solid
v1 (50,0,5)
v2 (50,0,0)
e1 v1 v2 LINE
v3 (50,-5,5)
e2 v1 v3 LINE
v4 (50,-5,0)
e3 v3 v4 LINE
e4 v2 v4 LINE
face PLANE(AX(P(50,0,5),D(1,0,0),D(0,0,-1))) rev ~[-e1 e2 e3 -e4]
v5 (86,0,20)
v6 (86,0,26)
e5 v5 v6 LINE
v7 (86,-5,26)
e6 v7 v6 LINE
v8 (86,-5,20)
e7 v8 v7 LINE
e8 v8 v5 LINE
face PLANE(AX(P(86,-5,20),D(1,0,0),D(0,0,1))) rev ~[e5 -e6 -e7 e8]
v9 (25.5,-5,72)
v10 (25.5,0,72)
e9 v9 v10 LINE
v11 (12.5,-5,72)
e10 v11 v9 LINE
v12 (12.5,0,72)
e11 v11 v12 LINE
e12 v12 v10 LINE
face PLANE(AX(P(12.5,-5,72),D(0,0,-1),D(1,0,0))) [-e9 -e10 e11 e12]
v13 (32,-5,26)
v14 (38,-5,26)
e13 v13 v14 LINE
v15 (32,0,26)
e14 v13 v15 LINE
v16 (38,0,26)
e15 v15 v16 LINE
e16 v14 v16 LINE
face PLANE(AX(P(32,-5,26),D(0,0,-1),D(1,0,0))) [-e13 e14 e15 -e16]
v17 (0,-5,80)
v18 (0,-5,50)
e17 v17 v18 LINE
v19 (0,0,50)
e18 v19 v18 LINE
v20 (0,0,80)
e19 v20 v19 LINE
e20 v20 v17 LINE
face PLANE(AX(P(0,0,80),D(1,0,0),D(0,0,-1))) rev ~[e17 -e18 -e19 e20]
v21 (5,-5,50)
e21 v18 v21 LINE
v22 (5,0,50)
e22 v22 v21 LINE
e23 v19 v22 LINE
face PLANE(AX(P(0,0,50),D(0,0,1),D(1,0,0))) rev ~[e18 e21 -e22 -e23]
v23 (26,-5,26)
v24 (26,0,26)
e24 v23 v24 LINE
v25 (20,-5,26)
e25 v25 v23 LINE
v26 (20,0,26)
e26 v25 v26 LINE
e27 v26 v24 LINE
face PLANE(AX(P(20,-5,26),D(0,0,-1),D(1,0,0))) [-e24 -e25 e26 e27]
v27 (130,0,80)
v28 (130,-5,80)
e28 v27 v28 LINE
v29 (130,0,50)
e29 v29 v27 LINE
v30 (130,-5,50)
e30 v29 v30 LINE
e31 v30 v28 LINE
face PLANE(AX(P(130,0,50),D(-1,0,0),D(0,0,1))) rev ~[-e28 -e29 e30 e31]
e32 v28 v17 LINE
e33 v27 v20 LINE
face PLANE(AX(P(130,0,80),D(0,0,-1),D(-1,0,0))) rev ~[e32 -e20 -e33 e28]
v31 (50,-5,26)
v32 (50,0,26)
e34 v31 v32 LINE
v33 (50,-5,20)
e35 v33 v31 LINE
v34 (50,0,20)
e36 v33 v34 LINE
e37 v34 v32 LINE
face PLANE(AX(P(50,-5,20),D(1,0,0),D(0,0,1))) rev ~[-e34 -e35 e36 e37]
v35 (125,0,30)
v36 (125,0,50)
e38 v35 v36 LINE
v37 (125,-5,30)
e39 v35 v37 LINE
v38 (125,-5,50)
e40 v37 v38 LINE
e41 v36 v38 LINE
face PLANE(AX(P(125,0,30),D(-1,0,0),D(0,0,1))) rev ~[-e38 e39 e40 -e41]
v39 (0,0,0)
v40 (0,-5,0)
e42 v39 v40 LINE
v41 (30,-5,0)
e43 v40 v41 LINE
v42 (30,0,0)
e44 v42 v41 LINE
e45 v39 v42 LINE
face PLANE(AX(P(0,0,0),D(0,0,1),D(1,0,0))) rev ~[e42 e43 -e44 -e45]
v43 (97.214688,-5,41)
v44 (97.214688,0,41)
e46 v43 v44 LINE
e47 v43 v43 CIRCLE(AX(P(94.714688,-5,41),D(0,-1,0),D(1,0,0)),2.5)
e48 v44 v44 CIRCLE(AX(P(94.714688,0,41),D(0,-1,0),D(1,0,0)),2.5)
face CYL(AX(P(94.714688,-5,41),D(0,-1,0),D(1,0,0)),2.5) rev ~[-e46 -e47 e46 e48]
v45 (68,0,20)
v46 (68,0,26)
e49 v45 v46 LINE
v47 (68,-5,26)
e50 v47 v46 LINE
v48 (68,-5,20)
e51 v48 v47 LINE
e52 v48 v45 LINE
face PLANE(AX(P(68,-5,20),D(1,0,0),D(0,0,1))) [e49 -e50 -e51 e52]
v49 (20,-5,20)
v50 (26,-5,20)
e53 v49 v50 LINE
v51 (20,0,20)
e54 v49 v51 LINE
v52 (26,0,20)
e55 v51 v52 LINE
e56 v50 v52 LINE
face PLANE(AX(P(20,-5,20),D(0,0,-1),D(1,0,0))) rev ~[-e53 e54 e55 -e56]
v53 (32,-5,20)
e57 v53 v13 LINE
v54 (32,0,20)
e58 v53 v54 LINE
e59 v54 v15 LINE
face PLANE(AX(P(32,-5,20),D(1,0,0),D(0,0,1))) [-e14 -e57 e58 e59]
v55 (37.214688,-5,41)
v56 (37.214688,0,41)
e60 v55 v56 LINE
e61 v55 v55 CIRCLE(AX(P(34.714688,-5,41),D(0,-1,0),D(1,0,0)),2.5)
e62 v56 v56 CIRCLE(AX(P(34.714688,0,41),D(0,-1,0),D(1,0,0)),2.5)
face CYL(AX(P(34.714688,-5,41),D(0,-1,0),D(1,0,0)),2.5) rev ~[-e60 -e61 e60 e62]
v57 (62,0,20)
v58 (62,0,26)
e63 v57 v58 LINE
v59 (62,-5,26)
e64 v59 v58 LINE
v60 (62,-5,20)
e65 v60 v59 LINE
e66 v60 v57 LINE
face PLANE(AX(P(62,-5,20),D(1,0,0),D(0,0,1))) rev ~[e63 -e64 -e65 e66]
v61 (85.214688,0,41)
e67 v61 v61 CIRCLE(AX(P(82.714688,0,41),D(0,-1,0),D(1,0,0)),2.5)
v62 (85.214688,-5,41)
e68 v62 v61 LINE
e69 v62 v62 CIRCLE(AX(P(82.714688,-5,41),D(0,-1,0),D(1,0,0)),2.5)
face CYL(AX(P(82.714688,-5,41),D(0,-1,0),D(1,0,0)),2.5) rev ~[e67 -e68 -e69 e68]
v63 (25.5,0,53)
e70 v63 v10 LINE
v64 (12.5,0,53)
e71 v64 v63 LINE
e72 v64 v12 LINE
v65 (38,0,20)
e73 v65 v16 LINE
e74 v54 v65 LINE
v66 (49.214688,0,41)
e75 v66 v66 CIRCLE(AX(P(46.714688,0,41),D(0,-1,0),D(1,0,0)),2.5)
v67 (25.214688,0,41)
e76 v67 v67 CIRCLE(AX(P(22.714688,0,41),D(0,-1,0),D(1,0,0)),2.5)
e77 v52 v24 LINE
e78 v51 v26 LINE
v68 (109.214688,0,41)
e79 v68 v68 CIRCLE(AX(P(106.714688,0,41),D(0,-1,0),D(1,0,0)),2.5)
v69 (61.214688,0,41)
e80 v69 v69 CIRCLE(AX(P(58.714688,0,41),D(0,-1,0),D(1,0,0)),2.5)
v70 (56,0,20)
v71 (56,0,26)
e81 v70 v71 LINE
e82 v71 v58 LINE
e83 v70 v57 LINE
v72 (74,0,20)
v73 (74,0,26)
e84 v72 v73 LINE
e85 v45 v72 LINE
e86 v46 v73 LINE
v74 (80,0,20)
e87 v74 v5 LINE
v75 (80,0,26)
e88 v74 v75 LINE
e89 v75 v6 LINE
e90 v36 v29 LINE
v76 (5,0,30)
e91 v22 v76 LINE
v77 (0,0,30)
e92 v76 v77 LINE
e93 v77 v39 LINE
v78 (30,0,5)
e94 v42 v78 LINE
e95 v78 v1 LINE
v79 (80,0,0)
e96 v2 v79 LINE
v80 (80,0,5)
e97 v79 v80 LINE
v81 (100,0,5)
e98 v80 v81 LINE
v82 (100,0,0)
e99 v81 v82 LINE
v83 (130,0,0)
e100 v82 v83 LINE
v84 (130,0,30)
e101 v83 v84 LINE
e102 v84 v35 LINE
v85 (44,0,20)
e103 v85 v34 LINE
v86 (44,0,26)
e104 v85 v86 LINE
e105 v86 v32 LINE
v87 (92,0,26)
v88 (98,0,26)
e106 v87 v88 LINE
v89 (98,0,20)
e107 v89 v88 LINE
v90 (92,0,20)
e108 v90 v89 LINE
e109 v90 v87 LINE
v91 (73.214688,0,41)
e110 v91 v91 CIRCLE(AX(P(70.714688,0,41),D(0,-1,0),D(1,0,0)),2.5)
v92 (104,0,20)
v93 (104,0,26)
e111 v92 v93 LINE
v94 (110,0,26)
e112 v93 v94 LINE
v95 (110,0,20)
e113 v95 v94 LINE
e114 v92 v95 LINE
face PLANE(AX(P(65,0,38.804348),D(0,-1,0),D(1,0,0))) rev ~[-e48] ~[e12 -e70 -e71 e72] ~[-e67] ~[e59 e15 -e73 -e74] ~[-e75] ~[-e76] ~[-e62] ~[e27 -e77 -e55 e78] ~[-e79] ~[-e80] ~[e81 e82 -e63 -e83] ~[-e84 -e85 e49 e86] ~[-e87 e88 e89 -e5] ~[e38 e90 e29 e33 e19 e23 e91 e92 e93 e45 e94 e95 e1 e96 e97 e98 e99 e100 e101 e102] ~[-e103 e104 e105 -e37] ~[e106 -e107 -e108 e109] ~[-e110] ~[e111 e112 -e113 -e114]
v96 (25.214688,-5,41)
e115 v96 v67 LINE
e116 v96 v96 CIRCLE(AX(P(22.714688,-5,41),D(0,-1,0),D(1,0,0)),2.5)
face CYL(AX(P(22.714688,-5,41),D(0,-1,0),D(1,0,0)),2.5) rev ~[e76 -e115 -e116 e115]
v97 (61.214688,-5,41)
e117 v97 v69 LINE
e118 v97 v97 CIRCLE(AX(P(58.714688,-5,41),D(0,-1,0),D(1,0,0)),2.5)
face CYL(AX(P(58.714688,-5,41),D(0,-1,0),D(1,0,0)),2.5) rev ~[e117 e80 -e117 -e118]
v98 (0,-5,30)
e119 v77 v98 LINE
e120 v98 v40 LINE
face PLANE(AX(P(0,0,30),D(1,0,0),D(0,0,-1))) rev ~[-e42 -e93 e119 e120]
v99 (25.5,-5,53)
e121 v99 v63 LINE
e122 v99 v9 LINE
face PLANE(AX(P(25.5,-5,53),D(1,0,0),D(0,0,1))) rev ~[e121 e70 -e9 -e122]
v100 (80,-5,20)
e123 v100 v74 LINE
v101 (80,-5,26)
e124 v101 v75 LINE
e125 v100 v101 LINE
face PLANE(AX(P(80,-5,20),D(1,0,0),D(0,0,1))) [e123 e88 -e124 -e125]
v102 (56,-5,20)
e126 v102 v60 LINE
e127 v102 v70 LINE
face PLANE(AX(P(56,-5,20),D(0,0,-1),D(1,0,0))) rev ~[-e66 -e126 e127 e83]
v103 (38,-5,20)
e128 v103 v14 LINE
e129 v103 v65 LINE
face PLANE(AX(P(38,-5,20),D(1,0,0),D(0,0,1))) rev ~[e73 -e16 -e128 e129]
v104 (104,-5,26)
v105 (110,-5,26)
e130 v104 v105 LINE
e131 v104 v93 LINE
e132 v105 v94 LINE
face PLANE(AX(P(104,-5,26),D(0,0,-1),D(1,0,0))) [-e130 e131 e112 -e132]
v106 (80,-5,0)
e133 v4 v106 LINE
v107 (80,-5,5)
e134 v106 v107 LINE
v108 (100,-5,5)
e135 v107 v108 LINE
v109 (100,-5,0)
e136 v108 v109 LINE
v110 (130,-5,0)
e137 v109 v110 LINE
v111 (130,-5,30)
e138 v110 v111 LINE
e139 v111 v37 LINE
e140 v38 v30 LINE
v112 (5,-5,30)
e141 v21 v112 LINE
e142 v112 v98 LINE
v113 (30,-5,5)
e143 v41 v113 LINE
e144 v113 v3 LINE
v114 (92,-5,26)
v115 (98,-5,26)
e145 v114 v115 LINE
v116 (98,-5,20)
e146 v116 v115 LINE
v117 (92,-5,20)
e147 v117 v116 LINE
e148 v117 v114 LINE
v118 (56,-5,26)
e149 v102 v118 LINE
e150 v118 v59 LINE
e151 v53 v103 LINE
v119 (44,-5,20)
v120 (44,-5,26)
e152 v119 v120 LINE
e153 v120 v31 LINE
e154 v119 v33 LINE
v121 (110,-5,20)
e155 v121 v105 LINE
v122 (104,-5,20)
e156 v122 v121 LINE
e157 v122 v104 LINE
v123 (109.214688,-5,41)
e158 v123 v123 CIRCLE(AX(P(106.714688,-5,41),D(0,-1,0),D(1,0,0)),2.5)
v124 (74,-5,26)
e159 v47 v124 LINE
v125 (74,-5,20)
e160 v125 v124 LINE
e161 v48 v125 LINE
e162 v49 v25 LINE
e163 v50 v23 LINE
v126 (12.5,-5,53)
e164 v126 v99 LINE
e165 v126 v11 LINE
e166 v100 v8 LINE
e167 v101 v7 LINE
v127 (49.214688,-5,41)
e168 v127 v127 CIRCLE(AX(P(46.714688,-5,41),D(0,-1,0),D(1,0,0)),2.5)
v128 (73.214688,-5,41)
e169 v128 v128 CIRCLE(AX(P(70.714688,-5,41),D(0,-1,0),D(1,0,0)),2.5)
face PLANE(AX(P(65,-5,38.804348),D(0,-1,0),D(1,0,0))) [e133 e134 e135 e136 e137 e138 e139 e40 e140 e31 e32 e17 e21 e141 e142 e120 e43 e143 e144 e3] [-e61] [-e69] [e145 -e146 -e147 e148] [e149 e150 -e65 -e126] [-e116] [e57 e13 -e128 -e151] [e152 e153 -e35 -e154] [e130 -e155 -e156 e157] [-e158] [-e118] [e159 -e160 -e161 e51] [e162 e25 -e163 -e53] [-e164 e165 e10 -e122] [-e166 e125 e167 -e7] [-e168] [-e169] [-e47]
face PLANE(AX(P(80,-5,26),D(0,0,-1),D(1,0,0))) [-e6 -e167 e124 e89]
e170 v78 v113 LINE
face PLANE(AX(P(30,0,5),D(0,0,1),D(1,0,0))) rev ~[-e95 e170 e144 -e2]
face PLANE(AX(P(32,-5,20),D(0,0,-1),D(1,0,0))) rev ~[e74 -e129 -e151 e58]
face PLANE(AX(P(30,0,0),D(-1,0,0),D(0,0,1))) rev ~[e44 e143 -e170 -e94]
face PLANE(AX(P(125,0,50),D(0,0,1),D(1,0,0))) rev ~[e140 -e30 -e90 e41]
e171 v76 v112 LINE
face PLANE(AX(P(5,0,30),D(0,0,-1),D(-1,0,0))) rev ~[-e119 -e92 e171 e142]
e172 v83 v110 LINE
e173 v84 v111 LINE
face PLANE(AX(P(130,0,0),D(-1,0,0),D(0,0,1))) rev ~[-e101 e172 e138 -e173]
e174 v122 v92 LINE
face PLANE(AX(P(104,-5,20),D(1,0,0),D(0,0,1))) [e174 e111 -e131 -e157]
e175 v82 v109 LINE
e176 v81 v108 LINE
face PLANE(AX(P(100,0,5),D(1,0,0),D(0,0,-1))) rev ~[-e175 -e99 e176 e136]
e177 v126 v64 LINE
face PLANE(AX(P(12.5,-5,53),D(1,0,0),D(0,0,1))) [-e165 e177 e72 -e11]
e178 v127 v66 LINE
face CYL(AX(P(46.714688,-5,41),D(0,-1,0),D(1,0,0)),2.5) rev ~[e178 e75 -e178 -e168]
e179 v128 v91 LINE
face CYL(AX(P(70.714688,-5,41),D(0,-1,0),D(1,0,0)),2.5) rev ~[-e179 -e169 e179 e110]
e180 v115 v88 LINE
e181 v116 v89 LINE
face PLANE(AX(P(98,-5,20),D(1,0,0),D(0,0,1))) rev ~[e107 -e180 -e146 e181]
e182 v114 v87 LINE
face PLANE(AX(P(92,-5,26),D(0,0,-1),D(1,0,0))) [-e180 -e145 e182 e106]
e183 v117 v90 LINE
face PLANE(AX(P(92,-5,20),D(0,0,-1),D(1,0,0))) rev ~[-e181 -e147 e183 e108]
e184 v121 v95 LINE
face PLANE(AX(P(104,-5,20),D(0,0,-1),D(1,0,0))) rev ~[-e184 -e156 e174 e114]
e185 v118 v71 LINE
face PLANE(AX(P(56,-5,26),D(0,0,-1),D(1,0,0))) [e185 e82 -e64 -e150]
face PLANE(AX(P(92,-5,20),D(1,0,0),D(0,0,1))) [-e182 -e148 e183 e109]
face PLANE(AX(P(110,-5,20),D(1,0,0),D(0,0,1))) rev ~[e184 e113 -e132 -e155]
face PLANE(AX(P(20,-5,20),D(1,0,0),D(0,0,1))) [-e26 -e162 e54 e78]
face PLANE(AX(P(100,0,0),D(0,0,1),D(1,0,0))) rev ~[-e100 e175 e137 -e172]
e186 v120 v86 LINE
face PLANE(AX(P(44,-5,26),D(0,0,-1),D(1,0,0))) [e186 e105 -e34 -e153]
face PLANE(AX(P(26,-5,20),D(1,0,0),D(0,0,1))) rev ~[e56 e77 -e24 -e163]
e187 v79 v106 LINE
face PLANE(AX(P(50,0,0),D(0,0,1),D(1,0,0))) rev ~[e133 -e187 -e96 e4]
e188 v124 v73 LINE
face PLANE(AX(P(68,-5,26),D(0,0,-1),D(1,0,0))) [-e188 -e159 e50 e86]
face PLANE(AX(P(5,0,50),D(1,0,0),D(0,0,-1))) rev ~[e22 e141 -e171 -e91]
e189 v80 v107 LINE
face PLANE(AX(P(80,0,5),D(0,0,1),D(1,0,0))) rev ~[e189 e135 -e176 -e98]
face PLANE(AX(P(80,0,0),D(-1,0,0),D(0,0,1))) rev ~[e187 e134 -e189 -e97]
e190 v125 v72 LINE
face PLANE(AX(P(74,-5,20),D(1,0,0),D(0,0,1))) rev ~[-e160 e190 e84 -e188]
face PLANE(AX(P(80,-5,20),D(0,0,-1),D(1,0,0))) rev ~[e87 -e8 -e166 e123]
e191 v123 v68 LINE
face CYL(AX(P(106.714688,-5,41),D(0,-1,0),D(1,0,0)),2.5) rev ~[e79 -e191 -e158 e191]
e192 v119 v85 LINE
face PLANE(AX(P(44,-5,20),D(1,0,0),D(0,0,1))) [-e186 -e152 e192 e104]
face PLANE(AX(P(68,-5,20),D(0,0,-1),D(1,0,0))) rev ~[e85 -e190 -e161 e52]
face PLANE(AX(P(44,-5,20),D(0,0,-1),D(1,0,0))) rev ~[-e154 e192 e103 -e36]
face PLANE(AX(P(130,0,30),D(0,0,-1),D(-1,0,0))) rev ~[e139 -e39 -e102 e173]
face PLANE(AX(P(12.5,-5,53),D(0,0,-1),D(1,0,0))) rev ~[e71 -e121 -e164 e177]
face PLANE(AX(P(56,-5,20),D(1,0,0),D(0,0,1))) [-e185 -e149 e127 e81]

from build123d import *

# Parameters (mm, degrees)
F1_DEPTH = 5
F2_W     = 13
F2_H     = 19
F2_R     = 2.5
F2_W_2   = 6
F2_H_2   = 6
F3_DEPTH = 25


with BuildPart() as f1:
    # F0 (on Front) → F1 (new body)
    with BuildSketch(Plane.XZ):
        Polygon((0, 30), (0, 0), (30, 0), (30, 5), (50, 5), (50, 0), (80, 0), (80, 5), (100, 5), (100, 0), (130, 0), (130, 30), (125, 30), (125, 50), (130, 50), (130, 80), (0, 80), (0, 50), (5, 50), (5, 30), align=None)
    extrude(amount=F1_DEPTH)

    # F2 (on face) → F3 (cut)
    with BuildSketch(Plane.XZ.offset(5)):
        with Locations((19, 62.5)):
            Rectangle(F2_W, F2_H)
        with Locations((22.714688, 41)):
            Circle(F2_R)
        with Locations((34.714688, 41)):
            Circle(F2_R)
        with Locations((46.714688, 41)):
            Circle(F2_R)
        with Locations((58.714688, 41)):
            Circle(F2_R)
        with Locations((70.714688, 41)):
            Circle(F2_R)
        with Locations((82.714688, 41)):
            Circle(F2_R)
        with Locations((94.714688, 41)):
            Circle(F2_R)
        with Locations((106.714688, 41)):
            Circle(F2_R)
        with Locations((107, 23)):
            Rectangle(F2_W_2, F2_H_2)
        with Locations((95, 23)):
            Rectangle(F2_W_2, F2_H_2)
        with Locations((83, 23)):
            Rectangle(F2_W_2, F2_H_2)
        with Locations((71, 23)):
            Rectangle(F2_W_2, F2_H_2)
        with Locations((59, 23)):
            Rectangle(F2_W_2, F2_H_2)
        with Locations((47, 23)):
            Rectangle(F2_W_2, F2_H_2)
        with Locations((35, 23)):
            Rectangle(F2_W_2, F2_H_2)
        with Locations((23, 23)):
            Rectangle(F2_W_2, F2_H_2)
    extrude(amount=-F3_DEPTH, mode=Mode.SUBTRACT)


solid = f1.part
